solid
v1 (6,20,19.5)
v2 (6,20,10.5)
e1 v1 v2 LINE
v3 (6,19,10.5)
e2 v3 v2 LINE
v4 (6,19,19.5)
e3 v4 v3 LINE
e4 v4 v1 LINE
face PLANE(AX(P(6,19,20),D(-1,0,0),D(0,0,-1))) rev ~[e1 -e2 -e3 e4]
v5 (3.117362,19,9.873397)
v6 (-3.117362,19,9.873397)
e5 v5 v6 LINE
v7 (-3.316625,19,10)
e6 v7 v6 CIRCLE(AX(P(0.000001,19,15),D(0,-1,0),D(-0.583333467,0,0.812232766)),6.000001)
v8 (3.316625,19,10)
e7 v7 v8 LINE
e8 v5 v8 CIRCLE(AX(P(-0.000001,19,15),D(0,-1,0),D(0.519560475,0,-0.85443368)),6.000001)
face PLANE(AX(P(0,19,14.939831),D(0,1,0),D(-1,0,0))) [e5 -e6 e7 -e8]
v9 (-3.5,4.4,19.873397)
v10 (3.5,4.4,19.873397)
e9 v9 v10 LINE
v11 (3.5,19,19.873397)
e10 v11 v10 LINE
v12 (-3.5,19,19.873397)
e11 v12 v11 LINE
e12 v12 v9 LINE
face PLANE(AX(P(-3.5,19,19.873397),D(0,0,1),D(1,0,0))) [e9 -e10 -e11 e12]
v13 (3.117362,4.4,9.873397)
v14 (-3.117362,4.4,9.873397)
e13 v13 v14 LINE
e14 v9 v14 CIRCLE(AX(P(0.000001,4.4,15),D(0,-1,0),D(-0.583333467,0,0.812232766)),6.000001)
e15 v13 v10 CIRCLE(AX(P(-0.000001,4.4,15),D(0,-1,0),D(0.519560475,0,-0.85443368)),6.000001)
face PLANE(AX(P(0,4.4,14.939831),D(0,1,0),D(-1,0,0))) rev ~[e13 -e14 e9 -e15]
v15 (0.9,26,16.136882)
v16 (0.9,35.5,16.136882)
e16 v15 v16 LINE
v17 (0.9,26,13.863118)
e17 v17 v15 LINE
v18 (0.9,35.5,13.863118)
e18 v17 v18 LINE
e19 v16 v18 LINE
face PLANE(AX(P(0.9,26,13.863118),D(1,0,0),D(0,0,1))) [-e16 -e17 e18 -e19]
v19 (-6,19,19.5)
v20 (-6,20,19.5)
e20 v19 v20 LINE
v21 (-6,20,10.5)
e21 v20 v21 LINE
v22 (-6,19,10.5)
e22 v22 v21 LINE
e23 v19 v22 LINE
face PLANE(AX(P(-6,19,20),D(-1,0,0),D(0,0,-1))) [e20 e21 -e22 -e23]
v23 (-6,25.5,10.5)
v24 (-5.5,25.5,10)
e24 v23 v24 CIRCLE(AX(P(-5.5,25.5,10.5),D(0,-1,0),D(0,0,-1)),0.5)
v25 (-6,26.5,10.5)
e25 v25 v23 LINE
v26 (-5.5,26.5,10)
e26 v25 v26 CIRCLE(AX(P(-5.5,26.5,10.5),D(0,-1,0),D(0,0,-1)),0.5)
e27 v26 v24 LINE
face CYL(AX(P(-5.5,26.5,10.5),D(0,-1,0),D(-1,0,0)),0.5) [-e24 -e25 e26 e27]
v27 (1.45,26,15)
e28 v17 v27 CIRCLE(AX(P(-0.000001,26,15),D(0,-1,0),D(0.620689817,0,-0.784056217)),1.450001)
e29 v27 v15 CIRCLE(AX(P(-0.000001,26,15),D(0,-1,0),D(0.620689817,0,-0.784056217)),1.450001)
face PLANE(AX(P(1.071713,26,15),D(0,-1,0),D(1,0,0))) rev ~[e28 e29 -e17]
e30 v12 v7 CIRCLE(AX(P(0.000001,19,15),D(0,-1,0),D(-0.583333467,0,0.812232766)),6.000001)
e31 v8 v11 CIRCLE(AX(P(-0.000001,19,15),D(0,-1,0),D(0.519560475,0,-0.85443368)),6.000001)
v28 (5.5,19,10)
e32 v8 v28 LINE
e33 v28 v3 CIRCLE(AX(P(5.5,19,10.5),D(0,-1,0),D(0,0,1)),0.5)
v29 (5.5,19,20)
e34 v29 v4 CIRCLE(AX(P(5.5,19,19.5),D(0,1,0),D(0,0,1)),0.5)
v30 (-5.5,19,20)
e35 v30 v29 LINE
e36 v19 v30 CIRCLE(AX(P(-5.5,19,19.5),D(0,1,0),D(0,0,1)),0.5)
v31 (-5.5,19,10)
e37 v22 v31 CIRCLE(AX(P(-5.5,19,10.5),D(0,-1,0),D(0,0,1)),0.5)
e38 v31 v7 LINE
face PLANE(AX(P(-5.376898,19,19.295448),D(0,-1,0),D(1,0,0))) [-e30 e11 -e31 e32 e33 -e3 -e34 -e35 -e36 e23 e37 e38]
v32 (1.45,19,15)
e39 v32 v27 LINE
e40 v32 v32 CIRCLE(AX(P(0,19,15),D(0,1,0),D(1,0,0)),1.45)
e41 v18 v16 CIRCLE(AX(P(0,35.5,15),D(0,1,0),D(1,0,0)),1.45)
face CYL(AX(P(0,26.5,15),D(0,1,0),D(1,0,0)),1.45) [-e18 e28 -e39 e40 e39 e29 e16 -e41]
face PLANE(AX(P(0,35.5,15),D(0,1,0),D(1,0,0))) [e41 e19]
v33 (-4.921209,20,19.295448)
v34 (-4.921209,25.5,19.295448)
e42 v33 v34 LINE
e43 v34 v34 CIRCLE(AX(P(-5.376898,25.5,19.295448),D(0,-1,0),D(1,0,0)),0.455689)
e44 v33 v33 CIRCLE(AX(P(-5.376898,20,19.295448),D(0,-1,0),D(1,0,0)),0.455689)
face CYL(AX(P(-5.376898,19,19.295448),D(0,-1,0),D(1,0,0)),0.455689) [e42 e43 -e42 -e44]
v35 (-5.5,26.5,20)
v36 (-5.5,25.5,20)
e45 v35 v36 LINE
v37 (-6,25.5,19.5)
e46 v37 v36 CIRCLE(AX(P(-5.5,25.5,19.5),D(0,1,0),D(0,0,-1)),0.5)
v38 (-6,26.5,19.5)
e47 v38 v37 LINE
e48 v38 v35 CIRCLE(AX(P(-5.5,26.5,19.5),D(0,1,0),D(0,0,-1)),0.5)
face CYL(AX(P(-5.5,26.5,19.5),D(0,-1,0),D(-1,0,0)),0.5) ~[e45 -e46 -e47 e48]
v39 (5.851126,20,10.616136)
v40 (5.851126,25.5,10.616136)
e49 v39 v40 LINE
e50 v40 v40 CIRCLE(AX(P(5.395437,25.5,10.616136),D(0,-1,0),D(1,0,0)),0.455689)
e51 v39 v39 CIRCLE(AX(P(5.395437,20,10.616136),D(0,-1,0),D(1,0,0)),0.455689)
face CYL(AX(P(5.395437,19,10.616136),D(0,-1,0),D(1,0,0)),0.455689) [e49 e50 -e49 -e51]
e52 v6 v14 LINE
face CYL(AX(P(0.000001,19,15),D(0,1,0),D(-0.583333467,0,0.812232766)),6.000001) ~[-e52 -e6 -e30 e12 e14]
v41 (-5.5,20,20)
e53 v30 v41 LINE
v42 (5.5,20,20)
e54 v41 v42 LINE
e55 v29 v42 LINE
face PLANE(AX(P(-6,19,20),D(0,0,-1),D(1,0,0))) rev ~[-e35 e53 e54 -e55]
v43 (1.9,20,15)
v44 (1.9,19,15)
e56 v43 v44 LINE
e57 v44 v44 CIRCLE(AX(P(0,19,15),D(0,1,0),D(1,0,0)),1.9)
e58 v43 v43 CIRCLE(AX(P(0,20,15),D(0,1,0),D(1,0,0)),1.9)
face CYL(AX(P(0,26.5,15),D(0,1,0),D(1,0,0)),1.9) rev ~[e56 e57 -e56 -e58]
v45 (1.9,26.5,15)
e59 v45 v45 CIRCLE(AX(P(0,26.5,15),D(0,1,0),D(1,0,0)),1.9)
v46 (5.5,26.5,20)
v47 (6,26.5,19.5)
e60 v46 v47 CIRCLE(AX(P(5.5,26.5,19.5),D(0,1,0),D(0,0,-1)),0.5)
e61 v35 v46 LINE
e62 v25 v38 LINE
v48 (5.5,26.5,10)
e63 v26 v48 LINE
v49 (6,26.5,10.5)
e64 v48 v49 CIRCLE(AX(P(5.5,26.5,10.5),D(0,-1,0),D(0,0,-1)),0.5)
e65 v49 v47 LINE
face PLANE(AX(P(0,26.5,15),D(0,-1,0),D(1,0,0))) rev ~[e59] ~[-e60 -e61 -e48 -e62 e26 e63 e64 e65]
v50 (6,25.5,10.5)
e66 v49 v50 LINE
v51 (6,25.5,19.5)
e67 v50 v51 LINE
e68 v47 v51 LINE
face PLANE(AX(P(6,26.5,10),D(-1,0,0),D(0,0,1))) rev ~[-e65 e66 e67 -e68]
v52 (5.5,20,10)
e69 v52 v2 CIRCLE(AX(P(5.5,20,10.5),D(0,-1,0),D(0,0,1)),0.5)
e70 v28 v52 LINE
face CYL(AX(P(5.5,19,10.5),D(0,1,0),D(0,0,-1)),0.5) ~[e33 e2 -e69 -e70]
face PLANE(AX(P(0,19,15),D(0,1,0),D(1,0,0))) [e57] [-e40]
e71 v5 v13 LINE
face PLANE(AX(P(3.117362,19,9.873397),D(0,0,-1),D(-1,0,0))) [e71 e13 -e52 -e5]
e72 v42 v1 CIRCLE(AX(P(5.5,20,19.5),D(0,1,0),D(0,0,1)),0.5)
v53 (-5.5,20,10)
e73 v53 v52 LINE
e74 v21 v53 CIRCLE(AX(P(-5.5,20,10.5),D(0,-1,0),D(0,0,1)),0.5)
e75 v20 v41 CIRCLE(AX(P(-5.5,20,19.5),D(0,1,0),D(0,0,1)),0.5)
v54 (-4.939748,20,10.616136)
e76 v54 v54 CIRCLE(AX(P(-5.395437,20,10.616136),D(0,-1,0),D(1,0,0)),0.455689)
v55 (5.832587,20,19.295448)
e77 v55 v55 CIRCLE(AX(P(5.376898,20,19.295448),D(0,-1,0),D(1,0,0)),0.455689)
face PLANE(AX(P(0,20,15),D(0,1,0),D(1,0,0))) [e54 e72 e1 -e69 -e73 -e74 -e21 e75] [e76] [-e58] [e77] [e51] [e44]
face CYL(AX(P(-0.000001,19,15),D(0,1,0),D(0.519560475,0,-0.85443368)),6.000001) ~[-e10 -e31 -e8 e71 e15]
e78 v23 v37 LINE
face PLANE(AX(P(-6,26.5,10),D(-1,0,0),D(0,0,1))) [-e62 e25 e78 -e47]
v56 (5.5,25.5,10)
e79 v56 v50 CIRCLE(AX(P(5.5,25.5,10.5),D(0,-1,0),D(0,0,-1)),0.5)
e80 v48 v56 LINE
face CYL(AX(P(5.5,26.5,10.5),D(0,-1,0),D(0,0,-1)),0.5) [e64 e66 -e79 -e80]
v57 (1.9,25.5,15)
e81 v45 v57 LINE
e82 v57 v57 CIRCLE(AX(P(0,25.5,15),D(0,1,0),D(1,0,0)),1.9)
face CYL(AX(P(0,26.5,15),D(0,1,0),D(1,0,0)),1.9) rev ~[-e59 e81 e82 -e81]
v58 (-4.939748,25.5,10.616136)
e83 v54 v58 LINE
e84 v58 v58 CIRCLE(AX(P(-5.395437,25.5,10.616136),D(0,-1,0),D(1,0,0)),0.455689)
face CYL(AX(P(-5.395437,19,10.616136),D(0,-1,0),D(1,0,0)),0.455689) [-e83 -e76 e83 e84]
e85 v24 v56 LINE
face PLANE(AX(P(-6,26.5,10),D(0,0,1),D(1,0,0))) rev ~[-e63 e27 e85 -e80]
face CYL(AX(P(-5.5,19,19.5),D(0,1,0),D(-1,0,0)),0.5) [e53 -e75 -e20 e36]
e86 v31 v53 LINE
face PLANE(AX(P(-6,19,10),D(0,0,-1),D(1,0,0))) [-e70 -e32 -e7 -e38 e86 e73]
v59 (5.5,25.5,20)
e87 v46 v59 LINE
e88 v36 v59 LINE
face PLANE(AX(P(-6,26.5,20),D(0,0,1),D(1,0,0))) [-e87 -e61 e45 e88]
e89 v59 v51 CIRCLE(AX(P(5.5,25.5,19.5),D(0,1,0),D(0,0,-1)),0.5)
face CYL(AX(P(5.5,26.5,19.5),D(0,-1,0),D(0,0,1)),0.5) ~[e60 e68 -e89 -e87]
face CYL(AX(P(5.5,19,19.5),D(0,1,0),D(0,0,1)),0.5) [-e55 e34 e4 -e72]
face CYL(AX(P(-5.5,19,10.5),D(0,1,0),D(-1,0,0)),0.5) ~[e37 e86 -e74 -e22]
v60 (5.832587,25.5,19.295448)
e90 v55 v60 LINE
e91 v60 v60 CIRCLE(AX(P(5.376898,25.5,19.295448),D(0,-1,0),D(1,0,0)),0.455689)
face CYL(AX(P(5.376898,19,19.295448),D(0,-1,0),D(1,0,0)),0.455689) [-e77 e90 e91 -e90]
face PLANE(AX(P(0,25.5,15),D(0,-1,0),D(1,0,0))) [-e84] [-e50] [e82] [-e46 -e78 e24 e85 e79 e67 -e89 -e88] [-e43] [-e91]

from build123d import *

# Parameters (mm, degrees)
PAD011_DEPTH    = 14.6
SKETCH023_W     = 12
SKETCH023_H     = 10
PAD012_DEPTH    = 1
FILLET003_R     = 0.5
SKETCH024_R     = 0.455689
PAD013_DEPTH    = 7.5
SKETCH025_W     = 12
SKETCH025_H     = 10
PAD014_DEPTH    = 1
SKETCH026_R     = 1.9
POCKET008_DEPTH = 7.5
SKETCH027_R     = 1.45
PAD015_DEPTH    = 9
FILLET004_R     = 0.5
POCKET009_DEPTH = 10


with BuildPart() as part:
    # Sketch022 → Pad011 (new body)
    with BuildSketch(Plane.XZ):
        with BuildLine():
            Line((-3.5, 19.873397), (3.5, 19.873397))
            ThreePointArc((3.117362, 9.873397), (5.995612, 14.770585), (3.5, 19.873397))
            Line((3.117362, 9.873397), (-3.117362, 9.873397))
            ThreePointArc((-3.5, 19.873397), (-5.995612, 14.770585), (-3.117362, 9.873397))
        make_face()
    extrude(amount=PAD011_DEPTH)

    # Sketch023 (on Face5 of Pad011) → Pad012 (join)
    with BuildSketch(Plane(origin=(0, 0, 0), x_dir=(1, 0, 0), z_dir=(0, 1, 0))):
        with Locations((0, -15)):
            Rectangle(SKETCH023_W, SKETCH023_H)
    extrude(amount=PAD012_DEPTH)

    # Fillet003
    fillet003_edges = [part.edges().sort_by_distance(p)[0] for p in [
        (6, 0.5, 20),
        (6, 0.5, 10),
        (-6, 0.5, 10),
        (-6, 0.5, 20),
    ]]
    fillet(fillet003_edges, radius=FILLET003_R)

    # Sketch024 → Pad013 (join)
    with BuildSketch(Plane.XZ):
        with Locations((-5.376898, 19.295448)):
            Circle(SKETCH024_R)
        with Locations((-5.395437, 10.616136)):
            Circle(SKETCH024_R)
        with Locations((5.395437, 10.616136)):
            Circle(SKETCH024_R)
        with Locations((5.376898, 19.295448)):
            Circle(SKETCH024_R)
    extrude(amount=-PAD013_DEPTH)

    # Sketch025 → Pad014 (join)
    with BuildSketch(Plane.XZ.offset(-7.5)):
        with Locations((0, 15)):
            Rectangle(SKETCH025_W, SKETCH025_H)
    extrude(amount=PAD014_DEPTH)

    # Sketch026 (on Face32 of Pad014) → Pocket008 (cut)
    with BuildSketch(Plane(origin=(0, 7.5, 0), x_dir=(1, 0, 0), z_dir=(0, 1, 0))):
        with Locations((0, -15)):
            Circle(SKETCH026_R)
    extrude(amount=-POCKET008_DEPTH, mode=Mode.SUBTRACT)

    # Sketch027 (on Face35 of Pocket008) → Pad015 (join, symmetric)
    with BuildSketch(Plane(origin=(0, 7.5, 0), x_dir=(1, 0, 0), z_dir=(0, 1, 0))):
        with Locations((0, -15)):
            Circle(SKETCH027_R)
    extrude(amount=PAD015_DEPTH, both=True)

    # Fillet004
    fillet004_edges = [part.edges().sort_by_distance(p)[0] for p in [
        (-6, 7, 20),
        (-6, 7, 10),
        (6, 7, 10),
        (6, 7, 20),
    ]]
    fillet(fillet004_edges, radius=FILLET004_R)

    # Sketch028 → Pocket009 (cut)
    with BuildSketch(Plane.XZ.offset(-7)):
        with BuildLine():
            ThreePointArc((0.9, 13.863118), (1.45, 15), (0.9, 16.136882))
            Line((0.9, 13.863118), (0.9, 16.136882))
        make_face()
    extrude(amount=-POCKET009_DEPTH, mode=Mode.SUBTRACT)


with BuildPart() as part_1:
    # Body007 placement: moved
    add(part.part.moved(Location((0, 19, 0))))


solid = part_1.part
